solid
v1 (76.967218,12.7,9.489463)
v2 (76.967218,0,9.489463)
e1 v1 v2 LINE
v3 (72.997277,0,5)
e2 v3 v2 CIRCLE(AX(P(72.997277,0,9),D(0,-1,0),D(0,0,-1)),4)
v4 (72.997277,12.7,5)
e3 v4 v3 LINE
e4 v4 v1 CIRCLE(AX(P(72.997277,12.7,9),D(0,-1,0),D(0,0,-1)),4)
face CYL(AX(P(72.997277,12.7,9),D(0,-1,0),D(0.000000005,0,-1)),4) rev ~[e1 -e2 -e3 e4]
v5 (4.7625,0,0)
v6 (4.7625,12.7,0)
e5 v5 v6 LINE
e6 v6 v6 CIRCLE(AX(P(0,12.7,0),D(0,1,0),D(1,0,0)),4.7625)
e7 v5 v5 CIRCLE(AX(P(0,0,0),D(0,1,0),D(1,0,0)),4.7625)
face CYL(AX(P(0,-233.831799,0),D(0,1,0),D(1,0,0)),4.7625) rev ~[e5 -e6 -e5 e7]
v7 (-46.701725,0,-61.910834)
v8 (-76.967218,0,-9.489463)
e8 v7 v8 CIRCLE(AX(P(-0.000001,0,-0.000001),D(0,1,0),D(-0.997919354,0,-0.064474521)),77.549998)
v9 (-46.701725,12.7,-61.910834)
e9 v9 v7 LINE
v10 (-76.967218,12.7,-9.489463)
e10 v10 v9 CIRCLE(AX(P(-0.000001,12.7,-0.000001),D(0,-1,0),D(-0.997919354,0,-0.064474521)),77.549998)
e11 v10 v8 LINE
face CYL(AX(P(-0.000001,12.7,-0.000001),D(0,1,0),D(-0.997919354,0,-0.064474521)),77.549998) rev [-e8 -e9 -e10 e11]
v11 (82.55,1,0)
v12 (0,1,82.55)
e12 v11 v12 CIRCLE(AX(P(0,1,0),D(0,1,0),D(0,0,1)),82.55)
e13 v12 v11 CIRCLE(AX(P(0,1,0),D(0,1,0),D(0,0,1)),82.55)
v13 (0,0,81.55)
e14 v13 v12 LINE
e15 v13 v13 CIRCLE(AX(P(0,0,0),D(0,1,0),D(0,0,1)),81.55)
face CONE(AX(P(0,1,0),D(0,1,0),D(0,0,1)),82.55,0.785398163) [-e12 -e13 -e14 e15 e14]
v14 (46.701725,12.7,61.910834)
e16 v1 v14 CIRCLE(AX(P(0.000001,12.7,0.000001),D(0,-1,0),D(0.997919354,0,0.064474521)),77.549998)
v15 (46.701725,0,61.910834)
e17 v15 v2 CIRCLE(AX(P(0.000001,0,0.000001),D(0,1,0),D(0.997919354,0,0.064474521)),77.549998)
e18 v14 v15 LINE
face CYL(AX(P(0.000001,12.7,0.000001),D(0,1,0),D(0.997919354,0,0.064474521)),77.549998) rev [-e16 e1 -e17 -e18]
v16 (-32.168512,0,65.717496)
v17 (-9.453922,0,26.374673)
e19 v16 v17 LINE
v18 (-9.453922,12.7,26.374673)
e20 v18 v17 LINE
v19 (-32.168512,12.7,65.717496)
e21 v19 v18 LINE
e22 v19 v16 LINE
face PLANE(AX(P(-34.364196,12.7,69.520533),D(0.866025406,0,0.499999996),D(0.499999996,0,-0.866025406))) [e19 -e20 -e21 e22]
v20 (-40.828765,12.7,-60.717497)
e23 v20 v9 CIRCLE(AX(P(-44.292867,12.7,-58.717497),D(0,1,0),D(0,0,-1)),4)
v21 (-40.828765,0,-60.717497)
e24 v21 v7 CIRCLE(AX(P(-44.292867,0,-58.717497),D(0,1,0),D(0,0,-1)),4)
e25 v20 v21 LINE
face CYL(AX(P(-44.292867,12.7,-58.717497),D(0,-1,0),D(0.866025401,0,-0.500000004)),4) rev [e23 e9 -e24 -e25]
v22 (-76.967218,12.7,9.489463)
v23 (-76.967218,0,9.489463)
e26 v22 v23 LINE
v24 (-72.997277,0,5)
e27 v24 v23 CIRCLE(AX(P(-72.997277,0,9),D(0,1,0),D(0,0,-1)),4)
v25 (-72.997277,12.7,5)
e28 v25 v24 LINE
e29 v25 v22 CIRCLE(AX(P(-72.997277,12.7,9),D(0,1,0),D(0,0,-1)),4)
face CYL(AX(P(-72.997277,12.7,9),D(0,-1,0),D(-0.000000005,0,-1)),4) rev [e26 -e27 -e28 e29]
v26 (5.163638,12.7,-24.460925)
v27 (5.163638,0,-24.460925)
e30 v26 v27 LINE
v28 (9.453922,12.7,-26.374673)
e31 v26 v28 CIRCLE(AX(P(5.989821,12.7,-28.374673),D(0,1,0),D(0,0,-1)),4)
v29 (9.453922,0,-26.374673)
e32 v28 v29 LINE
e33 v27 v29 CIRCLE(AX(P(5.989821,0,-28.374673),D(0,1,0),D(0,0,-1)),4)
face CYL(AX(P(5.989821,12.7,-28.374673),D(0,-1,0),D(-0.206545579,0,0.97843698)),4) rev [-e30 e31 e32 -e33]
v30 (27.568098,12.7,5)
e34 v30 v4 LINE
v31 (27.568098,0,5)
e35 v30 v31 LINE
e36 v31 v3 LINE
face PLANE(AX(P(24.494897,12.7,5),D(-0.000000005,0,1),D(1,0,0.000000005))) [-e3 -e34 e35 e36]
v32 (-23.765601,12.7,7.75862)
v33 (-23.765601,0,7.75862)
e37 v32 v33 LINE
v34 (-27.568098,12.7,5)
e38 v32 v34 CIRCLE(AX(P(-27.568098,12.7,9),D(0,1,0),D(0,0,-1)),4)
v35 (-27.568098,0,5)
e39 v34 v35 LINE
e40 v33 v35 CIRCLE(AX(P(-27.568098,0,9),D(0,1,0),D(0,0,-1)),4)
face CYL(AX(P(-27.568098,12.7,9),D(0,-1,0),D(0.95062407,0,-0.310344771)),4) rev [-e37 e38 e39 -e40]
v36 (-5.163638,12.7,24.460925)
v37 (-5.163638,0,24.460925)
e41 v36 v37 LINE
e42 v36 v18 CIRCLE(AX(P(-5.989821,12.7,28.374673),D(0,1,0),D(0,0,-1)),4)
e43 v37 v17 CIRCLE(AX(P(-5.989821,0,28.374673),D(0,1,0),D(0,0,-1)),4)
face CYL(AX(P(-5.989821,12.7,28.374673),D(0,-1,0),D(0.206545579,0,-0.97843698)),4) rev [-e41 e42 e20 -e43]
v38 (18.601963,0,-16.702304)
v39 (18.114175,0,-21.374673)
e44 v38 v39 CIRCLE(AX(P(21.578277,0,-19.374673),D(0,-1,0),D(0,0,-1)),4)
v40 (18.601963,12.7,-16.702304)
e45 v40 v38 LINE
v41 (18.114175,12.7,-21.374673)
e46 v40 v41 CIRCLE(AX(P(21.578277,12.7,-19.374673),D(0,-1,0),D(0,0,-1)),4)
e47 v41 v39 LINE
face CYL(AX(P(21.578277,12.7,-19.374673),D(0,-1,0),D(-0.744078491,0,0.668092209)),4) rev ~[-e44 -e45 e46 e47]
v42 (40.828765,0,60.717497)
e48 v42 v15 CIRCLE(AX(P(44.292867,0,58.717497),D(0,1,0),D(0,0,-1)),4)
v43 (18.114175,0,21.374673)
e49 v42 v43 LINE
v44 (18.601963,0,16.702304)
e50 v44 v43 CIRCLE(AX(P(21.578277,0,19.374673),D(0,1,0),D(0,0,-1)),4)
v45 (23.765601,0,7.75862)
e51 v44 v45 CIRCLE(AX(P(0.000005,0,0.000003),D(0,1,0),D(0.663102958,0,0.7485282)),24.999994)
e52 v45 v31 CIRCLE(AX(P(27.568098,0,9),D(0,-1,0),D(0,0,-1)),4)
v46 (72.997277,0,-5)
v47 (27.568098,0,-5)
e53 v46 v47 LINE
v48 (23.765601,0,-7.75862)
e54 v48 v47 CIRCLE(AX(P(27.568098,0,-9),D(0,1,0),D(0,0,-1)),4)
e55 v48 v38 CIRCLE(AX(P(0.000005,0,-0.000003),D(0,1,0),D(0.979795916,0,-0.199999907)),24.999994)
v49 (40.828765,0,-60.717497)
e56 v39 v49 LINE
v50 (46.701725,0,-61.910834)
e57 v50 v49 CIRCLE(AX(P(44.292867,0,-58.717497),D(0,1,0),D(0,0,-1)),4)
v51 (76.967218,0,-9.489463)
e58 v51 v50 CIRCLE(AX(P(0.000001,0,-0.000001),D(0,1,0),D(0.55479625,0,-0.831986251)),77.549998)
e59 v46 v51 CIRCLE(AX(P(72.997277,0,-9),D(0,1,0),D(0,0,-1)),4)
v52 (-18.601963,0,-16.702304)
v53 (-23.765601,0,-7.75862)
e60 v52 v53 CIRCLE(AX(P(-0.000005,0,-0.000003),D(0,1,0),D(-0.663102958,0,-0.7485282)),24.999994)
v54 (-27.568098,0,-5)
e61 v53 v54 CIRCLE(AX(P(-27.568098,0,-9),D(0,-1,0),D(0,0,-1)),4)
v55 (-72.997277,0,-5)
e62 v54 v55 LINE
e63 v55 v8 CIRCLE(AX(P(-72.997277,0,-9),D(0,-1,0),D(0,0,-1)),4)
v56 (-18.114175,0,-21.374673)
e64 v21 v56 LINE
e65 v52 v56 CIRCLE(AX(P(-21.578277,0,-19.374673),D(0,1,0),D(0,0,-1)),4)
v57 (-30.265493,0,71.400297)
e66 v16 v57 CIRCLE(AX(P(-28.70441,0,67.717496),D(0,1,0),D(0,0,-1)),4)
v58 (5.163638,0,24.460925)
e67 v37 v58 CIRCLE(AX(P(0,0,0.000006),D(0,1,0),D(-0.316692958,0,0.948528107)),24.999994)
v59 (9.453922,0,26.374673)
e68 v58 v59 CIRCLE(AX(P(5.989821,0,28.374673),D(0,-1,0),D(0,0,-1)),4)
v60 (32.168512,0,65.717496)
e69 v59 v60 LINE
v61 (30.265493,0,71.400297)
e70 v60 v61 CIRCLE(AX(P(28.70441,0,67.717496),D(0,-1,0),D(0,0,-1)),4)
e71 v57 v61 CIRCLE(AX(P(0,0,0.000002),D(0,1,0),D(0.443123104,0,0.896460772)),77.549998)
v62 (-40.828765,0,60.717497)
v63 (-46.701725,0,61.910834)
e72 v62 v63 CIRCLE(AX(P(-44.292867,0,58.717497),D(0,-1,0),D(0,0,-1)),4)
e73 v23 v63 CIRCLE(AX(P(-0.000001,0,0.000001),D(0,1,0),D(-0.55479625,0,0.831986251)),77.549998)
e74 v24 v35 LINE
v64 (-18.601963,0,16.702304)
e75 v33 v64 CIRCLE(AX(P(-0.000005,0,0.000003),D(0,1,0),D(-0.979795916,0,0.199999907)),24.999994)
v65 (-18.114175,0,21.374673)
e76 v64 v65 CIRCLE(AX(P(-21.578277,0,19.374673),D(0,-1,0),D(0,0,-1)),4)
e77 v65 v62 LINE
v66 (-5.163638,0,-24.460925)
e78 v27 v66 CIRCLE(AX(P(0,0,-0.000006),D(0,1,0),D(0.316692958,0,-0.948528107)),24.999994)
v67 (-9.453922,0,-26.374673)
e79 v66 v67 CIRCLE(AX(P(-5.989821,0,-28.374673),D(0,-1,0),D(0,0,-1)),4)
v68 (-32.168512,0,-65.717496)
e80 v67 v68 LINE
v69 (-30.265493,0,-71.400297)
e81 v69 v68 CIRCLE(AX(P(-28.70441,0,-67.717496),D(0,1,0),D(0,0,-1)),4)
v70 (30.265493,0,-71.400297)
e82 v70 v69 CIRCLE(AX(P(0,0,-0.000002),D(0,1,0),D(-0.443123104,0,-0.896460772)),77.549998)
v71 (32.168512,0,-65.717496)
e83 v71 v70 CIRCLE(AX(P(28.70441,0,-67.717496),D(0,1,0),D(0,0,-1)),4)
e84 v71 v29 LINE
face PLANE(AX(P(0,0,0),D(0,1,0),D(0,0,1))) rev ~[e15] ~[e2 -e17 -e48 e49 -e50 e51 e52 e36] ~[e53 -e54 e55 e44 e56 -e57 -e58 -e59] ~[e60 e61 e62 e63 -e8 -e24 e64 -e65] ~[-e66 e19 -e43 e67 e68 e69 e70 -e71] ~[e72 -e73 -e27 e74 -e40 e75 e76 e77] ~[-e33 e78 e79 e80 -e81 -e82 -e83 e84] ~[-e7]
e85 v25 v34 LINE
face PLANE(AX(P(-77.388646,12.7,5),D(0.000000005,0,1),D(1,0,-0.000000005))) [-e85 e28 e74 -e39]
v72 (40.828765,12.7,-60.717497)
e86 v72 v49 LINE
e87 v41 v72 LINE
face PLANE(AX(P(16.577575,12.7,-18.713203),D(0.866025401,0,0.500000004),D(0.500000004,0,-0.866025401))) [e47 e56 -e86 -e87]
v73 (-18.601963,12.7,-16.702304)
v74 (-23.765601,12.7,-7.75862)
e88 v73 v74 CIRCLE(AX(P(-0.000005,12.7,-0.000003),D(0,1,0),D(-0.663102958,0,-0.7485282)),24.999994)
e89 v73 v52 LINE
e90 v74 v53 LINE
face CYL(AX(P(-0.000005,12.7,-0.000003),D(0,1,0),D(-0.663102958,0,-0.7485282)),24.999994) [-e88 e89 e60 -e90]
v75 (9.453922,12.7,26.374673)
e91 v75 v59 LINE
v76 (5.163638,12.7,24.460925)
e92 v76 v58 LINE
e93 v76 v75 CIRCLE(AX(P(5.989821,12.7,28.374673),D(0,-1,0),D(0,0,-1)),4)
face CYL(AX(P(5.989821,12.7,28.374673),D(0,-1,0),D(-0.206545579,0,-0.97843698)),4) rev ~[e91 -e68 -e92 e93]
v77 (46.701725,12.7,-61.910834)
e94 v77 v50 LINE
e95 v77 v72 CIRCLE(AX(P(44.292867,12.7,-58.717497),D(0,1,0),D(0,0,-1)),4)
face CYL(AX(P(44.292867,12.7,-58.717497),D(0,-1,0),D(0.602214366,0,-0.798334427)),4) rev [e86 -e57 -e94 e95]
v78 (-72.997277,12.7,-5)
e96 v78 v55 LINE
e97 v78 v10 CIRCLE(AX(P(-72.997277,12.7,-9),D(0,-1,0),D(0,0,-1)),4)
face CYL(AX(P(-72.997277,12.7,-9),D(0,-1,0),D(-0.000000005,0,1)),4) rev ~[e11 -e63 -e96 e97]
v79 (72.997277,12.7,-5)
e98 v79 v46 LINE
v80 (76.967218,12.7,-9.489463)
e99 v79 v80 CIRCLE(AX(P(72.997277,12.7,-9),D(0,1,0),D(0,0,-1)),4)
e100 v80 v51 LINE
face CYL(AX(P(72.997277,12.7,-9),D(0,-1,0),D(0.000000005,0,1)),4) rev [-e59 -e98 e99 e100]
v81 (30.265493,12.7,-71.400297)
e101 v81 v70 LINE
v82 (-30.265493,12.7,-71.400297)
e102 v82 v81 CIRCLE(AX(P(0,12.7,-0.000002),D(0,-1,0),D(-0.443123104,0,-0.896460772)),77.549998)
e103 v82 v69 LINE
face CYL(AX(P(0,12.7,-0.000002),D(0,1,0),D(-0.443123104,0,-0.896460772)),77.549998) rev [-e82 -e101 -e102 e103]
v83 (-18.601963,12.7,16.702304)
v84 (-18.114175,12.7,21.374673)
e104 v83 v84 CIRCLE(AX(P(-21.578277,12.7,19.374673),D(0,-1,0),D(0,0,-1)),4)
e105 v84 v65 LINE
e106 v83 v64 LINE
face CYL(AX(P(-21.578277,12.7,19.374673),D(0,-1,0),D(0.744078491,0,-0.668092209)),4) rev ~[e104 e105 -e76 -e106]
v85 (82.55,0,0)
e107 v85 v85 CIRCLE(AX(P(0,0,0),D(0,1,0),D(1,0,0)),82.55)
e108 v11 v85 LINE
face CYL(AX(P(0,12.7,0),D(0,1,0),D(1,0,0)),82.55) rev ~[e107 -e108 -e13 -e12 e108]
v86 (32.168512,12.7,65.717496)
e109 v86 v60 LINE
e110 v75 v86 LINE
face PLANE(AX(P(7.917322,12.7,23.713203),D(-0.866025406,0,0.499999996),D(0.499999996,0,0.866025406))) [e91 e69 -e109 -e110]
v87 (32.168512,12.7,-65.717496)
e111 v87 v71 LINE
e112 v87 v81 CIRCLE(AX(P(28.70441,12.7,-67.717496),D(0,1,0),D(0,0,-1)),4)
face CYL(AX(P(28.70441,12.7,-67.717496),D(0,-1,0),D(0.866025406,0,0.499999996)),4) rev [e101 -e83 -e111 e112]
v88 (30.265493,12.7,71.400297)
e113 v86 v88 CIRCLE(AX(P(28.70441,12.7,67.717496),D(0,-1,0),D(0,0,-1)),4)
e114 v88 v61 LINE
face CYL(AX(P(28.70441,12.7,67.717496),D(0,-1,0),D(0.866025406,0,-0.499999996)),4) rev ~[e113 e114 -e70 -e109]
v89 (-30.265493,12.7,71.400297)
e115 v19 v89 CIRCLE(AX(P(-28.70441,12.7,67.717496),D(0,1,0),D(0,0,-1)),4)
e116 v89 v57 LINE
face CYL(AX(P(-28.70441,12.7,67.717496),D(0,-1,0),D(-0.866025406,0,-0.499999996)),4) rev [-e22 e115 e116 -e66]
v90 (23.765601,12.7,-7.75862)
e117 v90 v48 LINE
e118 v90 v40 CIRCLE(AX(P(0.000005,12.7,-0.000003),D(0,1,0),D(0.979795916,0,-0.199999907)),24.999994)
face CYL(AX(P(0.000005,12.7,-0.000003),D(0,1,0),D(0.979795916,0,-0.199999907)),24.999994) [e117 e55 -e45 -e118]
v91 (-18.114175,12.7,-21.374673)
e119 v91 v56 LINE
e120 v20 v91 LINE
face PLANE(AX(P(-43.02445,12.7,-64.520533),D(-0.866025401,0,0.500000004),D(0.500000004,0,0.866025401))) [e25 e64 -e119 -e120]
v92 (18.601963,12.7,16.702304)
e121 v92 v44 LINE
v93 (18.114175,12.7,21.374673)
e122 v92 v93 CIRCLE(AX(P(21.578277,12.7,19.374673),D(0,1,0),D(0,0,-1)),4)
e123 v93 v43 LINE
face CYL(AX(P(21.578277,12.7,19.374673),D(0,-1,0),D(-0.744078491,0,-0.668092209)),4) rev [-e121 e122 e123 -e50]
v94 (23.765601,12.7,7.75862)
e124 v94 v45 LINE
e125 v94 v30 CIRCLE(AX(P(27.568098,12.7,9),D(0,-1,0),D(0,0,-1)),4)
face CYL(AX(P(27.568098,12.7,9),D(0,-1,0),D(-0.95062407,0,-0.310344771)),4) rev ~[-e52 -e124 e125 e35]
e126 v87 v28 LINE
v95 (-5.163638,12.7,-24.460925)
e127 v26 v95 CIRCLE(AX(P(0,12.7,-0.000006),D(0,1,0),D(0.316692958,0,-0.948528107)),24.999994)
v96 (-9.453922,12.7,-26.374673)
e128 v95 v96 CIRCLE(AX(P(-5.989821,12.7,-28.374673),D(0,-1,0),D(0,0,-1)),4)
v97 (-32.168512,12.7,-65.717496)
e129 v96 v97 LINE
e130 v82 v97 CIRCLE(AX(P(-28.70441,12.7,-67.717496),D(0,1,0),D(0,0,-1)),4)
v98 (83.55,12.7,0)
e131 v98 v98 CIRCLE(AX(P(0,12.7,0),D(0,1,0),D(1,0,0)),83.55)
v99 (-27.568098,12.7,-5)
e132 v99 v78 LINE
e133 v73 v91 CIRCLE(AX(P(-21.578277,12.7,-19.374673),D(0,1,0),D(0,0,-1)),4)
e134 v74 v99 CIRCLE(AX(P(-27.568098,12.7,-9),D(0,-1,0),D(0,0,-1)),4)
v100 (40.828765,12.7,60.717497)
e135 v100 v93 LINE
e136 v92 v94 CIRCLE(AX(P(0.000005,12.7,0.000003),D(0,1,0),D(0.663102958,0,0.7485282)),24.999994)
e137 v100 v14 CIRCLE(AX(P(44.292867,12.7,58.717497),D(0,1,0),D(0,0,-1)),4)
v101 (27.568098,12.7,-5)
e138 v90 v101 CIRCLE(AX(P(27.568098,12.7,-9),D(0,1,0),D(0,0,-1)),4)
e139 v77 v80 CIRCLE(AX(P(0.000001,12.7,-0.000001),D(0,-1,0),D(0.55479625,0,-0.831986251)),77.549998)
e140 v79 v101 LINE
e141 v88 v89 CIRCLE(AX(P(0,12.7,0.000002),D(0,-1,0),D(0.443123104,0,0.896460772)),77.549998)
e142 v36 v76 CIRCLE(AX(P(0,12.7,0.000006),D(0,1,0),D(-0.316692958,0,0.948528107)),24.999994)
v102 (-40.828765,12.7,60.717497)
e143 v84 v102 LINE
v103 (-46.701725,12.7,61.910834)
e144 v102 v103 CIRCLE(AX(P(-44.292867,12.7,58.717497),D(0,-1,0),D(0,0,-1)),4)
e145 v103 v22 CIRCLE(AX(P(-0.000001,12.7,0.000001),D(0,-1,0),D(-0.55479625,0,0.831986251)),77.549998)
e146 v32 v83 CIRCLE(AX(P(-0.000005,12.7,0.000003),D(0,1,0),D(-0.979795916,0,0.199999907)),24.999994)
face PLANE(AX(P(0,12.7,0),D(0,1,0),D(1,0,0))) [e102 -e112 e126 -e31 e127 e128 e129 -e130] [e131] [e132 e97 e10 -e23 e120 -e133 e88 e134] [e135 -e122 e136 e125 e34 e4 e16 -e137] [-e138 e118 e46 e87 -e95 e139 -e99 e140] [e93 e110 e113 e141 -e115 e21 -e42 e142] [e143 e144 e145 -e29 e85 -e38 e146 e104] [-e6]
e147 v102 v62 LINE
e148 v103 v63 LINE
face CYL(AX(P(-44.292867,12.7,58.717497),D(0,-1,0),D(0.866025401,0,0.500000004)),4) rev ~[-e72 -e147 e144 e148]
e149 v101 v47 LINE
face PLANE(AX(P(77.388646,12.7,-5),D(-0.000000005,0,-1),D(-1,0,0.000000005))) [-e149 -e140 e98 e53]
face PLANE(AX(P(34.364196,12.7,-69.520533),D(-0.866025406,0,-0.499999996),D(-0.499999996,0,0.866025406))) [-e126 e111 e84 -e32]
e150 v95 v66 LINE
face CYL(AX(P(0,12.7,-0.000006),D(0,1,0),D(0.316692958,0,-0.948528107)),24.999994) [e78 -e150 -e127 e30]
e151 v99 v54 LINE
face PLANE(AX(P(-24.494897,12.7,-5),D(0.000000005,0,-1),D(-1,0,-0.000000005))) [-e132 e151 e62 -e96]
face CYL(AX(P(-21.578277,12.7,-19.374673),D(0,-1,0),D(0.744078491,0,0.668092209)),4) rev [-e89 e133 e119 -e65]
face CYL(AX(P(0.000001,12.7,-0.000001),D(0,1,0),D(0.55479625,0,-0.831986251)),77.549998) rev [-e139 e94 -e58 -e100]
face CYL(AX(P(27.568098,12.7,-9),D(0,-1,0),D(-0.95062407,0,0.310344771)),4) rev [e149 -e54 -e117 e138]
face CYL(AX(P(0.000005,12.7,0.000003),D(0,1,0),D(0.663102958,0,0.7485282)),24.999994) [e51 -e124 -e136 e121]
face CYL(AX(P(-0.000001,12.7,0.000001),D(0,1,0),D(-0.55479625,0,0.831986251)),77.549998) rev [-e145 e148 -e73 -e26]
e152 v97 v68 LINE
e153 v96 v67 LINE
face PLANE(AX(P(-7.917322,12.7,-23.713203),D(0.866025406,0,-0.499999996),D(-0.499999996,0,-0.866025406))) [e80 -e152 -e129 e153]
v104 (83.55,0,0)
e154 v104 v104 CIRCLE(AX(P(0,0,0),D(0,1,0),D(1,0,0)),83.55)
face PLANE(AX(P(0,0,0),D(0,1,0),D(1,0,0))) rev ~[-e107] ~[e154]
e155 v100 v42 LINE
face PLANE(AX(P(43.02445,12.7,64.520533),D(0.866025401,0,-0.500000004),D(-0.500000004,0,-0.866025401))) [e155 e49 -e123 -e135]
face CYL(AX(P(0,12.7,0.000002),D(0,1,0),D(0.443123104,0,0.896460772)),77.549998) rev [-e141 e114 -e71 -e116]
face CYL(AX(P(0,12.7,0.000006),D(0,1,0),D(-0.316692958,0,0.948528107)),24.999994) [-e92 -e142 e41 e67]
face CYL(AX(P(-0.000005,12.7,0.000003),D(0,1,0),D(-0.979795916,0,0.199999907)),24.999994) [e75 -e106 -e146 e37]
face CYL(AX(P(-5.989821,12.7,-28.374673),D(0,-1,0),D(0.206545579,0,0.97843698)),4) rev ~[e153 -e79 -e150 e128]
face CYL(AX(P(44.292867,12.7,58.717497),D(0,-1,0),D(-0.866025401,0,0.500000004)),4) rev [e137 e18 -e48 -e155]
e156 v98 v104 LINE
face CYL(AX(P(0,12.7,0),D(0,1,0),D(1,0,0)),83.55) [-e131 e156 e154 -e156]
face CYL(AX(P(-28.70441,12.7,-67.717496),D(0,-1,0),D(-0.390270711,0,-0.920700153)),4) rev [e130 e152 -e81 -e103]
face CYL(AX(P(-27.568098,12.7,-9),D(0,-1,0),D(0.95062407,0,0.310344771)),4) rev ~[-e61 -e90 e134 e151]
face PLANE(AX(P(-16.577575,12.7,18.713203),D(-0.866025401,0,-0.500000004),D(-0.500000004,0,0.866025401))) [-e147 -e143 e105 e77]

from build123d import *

# Parameters (mm, degrees)
SKETCH2_W                    = 82.55
SKETCH2_H                    = 12.7
CUT_EXTRUDE1_DEPTH           = 13.7
FILLET1_R                    = 4
CIRPATTERN4_COUNT            = 6
FILLET1_OF_CIRPATTERN4_R     = 4
CHAMFER2_SIZE                = 1
F_3_8_0_375_DIAMETER_HOLE1_D = 9.525
SKETCH12_R                   = 83.55
SKETCH12_R_2                 = 82.55
BOSS_EXTRUDE1_DEPTH          = 12.7


with BuildPart() as part:
    # Sketch2 → Revolve1 (revolve)
    with BuildSketch(Plane(origin=(0, 0, 0), x_dir=(0, 0, -1), z_dir=(1, 0, 0))):
        with Locations((-41.275, 6.35)):
            Rectangle(SKETCH2_W, SKETCH2_H)
    revolve(axis=Axis((0, -0.75, 0), (0, 1, 0)))

    # Sketch8 → Cut-Extrude1 (cut, through all)
    with BuildSketch(Plane(origin=(0, 12.7, 0), x_dir=(1, 0, 0), z_dir=(0, 1, 0))):
        with BuildLine():
            Line((-7.917322, 23.713203), (-34.364196, 69.520533))
            ThreePointArc((-34.364196, 69.520533), (0, 77.55), (34.364196, 69.520533))
            Line((34.364196, 69.520533), (7.917322, 23.713203))
            ThreePointArc((7.917322, 23.713203), (0, 25), (-7.917322, 23.713203))
        make_face()
    cut_extrude1 = extrude(amount=-CUT_EXTRUDE1_DEPTH, mode=Mode.SUBTRACT)

    # Fillet1
    fillet1_edges = [part.edges().sort_by_distance(p)[0] for p in [
        (7.917322, 6.35, -23.713203),
        (-7.917322, 6.35, -23.713203),
        (-34.364196, 6.35, -69.520533),
        (34.364196, 6.35, -69.520533),
    ]]
    fillet(fillet1_edges, radius=FILLET1_R)

    # CirPattern4: Cut-Extrude1 ×6 about axis
    cirpattern4_axis = Axis((0, 0, 0), (0, 1, 0))
    for i in range(1, CIRPATTERN4_COUNT):
        add(cut_extrude1.rotate(cirpattern4_axis, i * 360 / CIRPATTERN4_COUNT), mode=Mode.SUBTRACT)

    # Fillet1 of CirPattern4
    fillet1_of_cirpattern4_edges = [part.edges().sort_by_distance(p)[0] for p in [
        (-16.577576, 6.35, -18.713203),
        (-24.494897, 6.35, -5),
        (-77.388646, 6.35, -5),
        (-43.02445, 6.35, -64.520533),
        (-24.494897, 6.35, 5),
        (-16.577576, 6.35, 18.713203),
        (-43.02445, 6.35, 64.520533),
        (-77.388646, 6.35, 5),
        (-7.917322, 6.35, 23.713203),
        (7.917322, 6.35, 23.713203),
        (34.364196, 6.35, 69.520533),
        (-34.364196, 6.35, 69.520533),
        (16.577576, 6.35, 18.713203),
        (24.494897, 6.35, 5),
        (77.388646, 6.35, 5),
        (43.02445, 6.35, 64.520533),
        (24.494897, 6.35, -5),
        (16.577576, 6.35, -18.713203),
        (43.02445, 6.35, -64.520533),
        (77.388646, 6.35, -5),
    ]]
    fillet(fillet1_of_cirpattern4_edges, radius=FILLET1_OF_CIRPATTERN4_R)

    # Chamfer2
    chamfer2_edges = [part.edges().sort_by_distance(p)[0] for p in [
        (0, 0, -82.55),
    ]]
    chamfer(chamfer2_edges, length=CHAMFER2_SIZE)

    # 3/8 (0.375) Diameter Hole1 (through all)
    with Locations(Plane(origin=(0, 0, 0), x_dir=(-1, 0, 0), z_dir=(0, -1, 0))):
        with Locations((0, 0)):
            Hole(F_3_8_0_375_DIAMETER_HOLE1_D / 2)

    # Sketch12 → Boss-Extrude1 (add)
    with BuildSketch(Plane(origin=(0, 12.7, 0), x_dir=(1, 0, 0), z_dir=(0, 1, 0))):
        Circle(SKETCH12_R)
        Circle(SKETCH12_R_2, mode=Mode.SUBTRACT)
    extrude(amount=-BOSS_EXTRUDE1_DEPTH)


solid = part.part
